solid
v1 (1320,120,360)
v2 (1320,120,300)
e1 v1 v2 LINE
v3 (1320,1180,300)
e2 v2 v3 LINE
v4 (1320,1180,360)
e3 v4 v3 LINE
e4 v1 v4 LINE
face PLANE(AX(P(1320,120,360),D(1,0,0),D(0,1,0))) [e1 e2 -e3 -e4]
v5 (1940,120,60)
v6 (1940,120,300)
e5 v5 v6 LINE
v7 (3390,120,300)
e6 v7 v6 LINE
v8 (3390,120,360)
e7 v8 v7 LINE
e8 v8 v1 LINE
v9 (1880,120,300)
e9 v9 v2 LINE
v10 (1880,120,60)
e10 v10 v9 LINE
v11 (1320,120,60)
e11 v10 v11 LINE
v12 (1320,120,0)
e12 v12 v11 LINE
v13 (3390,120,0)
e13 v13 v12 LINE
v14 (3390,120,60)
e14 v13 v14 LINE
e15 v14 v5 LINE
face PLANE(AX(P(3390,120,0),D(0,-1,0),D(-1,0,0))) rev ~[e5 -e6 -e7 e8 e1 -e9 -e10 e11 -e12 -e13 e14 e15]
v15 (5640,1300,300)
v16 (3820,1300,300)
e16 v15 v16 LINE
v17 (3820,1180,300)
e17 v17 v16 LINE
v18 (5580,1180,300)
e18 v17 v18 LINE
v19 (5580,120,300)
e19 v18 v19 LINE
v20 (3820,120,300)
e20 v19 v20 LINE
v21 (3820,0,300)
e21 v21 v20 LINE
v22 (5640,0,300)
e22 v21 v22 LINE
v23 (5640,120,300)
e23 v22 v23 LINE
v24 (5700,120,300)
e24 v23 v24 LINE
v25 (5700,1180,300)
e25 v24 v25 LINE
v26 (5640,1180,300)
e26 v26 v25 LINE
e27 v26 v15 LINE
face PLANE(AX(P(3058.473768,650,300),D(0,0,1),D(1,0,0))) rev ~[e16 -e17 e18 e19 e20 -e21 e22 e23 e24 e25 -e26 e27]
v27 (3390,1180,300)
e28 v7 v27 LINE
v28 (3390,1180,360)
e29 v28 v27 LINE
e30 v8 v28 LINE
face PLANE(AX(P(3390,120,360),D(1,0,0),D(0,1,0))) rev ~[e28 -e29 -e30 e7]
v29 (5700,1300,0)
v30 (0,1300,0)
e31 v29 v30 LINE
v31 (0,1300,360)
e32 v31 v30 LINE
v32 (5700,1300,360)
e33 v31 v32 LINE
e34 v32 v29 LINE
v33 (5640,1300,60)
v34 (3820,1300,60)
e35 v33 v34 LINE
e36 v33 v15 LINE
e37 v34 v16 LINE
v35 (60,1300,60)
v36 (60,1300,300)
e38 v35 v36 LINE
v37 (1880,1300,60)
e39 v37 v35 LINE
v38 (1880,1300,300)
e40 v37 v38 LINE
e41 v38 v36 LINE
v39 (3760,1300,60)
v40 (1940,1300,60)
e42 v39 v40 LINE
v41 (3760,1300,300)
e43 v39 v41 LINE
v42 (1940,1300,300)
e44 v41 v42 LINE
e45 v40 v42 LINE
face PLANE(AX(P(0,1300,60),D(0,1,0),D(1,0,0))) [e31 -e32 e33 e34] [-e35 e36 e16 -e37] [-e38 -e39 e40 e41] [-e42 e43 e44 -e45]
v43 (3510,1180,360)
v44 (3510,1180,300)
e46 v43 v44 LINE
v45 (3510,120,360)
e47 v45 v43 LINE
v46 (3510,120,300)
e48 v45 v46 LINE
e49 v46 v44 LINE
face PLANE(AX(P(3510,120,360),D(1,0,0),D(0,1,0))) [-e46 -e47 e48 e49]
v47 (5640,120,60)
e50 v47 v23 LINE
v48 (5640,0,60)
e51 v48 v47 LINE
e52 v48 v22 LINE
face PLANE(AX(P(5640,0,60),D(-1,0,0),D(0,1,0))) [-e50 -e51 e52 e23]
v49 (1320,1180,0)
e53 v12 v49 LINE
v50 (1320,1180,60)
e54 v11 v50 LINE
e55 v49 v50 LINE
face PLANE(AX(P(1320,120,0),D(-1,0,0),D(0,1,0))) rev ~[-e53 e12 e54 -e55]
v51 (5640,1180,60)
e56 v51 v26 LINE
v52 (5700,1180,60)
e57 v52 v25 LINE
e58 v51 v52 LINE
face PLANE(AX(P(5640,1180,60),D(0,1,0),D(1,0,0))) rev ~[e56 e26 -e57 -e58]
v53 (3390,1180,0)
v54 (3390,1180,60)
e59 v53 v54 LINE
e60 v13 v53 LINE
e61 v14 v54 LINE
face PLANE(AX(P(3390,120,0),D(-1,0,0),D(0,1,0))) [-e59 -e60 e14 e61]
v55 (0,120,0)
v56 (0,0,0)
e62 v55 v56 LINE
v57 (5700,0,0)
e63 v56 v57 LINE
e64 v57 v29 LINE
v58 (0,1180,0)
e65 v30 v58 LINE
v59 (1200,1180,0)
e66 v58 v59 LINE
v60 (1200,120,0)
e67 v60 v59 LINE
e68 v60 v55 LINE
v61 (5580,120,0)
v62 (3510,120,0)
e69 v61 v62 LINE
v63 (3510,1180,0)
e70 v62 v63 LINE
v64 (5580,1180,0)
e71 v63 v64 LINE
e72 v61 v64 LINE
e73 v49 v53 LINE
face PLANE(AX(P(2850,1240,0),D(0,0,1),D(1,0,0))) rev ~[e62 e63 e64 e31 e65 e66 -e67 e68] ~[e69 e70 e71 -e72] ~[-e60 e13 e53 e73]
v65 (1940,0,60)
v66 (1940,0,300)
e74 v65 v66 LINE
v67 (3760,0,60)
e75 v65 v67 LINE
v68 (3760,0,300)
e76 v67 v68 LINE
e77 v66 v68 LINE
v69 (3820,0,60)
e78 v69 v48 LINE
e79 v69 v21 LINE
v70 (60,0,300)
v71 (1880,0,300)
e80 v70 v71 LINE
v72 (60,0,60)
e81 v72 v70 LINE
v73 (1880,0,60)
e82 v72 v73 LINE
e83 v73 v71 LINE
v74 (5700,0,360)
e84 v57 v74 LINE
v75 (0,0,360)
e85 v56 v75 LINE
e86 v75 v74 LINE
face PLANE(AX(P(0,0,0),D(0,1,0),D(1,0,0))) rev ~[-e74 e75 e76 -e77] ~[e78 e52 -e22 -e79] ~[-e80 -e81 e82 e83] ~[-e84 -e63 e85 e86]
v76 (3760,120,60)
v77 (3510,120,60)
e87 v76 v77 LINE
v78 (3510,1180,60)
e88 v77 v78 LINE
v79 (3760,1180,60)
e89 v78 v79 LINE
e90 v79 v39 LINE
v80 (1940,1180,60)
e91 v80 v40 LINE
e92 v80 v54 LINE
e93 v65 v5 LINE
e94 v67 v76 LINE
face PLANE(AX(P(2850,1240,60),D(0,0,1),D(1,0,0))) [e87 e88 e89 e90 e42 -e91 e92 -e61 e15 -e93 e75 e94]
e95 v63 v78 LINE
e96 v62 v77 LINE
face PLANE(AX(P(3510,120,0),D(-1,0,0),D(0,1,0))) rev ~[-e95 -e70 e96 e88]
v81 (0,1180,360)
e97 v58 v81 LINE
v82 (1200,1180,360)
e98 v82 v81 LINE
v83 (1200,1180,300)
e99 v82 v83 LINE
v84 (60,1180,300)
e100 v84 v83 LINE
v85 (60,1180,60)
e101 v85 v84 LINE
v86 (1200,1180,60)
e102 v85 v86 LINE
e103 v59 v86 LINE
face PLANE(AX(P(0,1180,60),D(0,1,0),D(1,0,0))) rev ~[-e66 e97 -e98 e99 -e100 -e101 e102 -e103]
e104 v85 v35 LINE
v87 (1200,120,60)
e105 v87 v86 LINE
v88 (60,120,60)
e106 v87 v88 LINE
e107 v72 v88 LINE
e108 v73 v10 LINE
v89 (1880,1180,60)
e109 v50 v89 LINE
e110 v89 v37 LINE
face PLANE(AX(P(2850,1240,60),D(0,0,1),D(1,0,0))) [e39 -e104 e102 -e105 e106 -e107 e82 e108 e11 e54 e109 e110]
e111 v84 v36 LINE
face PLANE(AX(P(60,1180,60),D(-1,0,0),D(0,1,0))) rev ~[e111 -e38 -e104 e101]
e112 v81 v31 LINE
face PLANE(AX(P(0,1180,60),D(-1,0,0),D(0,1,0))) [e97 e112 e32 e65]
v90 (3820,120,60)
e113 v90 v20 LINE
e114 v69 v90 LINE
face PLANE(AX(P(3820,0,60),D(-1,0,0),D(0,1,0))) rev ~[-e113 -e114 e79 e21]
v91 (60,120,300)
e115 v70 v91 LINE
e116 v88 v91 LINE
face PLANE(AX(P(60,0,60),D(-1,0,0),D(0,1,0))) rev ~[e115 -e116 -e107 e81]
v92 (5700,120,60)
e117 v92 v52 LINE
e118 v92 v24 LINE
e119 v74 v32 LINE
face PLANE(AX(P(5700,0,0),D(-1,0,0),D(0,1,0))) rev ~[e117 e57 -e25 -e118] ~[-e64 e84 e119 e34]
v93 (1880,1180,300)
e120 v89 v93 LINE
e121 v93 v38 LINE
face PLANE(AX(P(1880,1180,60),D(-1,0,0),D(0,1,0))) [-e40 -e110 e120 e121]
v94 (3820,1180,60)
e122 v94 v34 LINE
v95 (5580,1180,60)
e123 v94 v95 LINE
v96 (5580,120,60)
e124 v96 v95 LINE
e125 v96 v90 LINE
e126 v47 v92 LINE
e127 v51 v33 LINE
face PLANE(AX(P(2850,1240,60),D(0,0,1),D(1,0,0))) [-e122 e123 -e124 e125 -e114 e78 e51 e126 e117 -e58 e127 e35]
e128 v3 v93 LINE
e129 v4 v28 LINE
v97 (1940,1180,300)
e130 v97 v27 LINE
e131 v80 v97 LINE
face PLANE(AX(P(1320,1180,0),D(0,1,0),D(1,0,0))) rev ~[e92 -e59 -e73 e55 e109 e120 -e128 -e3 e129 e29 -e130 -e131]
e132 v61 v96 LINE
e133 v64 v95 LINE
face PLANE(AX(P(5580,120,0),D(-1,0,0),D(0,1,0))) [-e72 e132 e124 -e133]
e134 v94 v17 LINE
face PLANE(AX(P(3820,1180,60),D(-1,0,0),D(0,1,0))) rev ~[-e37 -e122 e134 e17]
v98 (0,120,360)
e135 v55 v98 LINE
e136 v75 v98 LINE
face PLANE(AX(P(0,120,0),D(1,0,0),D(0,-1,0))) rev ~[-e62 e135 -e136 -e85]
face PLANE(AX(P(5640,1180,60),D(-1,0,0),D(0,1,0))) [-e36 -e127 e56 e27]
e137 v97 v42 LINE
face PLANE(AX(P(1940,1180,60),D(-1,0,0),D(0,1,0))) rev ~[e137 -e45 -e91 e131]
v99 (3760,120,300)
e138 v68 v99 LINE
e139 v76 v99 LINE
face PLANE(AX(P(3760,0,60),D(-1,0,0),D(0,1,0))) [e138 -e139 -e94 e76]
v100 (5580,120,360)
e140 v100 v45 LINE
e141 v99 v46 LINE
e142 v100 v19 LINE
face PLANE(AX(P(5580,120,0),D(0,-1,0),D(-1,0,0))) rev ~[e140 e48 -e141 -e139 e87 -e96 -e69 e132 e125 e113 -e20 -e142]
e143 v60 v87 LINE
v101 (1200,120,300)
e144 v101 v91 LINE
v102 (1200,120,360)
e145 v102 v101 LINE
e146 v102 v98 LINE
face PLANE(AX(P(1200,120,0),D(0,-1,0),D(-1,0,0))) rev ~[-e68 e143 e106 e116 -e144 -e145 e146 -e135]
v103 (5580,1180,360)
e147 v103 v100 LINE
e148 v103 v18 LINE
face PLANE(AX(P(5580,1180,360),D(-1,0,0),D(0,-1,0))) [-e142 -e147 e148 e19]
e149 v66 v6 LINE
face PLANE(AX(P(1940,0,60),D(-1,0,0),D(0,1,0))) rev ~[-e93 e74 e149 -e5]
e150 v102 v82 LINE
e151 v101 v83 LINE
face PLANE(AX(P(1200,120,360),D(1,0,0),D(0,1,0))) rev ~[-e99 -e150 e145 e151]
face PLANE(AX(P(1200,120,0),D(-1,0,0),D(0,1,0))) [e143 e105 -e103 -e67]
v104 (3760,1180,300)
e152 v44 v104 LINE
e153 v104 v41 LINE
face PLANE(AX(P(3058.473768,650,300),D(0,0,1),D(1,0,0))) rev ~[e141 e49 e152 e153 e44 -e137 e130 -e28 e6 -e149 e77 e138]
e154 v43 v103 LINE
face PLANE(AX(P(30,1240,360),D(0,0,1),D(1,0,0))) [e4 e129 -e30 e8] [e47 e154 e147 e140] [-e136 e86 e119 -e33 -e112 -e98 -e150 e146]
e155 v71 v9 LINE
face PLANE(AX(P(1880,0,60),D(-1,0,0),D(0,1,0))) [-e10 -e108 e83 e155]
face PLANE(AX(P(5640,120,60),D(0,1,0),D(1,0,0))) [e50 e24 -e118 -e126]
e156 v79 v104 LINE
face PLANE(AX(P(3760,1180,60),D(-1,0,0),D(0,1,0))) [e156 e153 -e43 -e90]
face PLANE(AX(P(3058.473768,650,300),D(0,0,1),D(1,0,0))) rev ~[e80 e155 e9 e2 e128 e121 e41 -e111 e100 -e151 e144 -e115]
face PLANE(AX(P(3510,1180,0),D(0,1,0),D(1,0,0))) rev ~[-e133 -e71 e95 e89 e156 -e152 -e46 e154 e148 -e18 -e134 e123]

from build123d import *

# Parameters (mm, degrees)
F0_W     = 120
F0_H     = 1060
F1_DEPTH = 60
F2_W     = 60
F2_H     = 120
F3_DEPTH = 300
F4_W     = 120
F4_H     = 1060
F5_DEPTH = 60


with BuildPart() as f1:
    # F0 (on Top) → F1 (new body)
    with BuildSketch(Plane.XY):
        Polygon((5580, 1180), (5700, 1180), (5700, 1300), (0, 1300), (0, 1180), (1200, 1180), (1320, 1180), (3390, 1180), (3510, 1180), align=None)
        Polygon((0, 120), (0, 0), (5700, 0), (5700, 120), (5580, 120), (3510, 120), (3390, 120), (1320, 120), (1200, 120), align=None)
        with Locations((1260, 650)):
            Rectangle(F0_W, F0_H)
        with Locations((3450, 650)):
            Rectangle(F0_W, F0_H)
        with Locations((5640, 650)):
            Rectangle(F0_W, F0_H)
    extrude(amount=F1_DEPTH)

    # F2 (on face) → F3 (join)
    with BuildSketch(Plane.XY.offset(60)):
        with Locations((30, 1240)):
            Rectangle(F2_W, F2_H)
        with Locations((30, 60)):
            Rectangle(F2_W, F2_H)
        with Locations((1910, 1240)):
            Rectangle(F2_W, F2_H)
        with Locations((1910, 60)):
            Rectangle(F2_W, F2_H)
        with Locations((3790, 1240)):
            Rectangle(F2_W, F2_H)
        with Locations((3790, 60)):
            Rectangle(F2_W, F2_H)
        with Locations((5670, 1240)):
            Rectangle(F2_W, F2_H)
        with Locations((5670, 60)):
            Rectangle(F2_W, F2_H)
    extrude(amount=F3_DEPTH)

    # F4 (on face) → F5 (join)
    with BuildSketch(Plane.XY.offset(360)):
        Polygon((60, 1300), (0, 1300), (0, 1180), (60, 1180), (1200, 1180), (1320, 1180), (3390, 1180), (3510, 1180), (5580, 1180), (5580, 120), (3510, 120), (3390, 120), (1320, 120), (1200, 120), (0, 120), (0, 0), (5700, 0), (5700, 1300), align=None)
        with Locations((1260, 650)):
            Rectangle(F4_W, F4_H)
        with Locations((3450, 650)):
            Rectangle(F4_W, F4_H)
    extrude(amount=-F5_DEPTH)


solid = f1.part
